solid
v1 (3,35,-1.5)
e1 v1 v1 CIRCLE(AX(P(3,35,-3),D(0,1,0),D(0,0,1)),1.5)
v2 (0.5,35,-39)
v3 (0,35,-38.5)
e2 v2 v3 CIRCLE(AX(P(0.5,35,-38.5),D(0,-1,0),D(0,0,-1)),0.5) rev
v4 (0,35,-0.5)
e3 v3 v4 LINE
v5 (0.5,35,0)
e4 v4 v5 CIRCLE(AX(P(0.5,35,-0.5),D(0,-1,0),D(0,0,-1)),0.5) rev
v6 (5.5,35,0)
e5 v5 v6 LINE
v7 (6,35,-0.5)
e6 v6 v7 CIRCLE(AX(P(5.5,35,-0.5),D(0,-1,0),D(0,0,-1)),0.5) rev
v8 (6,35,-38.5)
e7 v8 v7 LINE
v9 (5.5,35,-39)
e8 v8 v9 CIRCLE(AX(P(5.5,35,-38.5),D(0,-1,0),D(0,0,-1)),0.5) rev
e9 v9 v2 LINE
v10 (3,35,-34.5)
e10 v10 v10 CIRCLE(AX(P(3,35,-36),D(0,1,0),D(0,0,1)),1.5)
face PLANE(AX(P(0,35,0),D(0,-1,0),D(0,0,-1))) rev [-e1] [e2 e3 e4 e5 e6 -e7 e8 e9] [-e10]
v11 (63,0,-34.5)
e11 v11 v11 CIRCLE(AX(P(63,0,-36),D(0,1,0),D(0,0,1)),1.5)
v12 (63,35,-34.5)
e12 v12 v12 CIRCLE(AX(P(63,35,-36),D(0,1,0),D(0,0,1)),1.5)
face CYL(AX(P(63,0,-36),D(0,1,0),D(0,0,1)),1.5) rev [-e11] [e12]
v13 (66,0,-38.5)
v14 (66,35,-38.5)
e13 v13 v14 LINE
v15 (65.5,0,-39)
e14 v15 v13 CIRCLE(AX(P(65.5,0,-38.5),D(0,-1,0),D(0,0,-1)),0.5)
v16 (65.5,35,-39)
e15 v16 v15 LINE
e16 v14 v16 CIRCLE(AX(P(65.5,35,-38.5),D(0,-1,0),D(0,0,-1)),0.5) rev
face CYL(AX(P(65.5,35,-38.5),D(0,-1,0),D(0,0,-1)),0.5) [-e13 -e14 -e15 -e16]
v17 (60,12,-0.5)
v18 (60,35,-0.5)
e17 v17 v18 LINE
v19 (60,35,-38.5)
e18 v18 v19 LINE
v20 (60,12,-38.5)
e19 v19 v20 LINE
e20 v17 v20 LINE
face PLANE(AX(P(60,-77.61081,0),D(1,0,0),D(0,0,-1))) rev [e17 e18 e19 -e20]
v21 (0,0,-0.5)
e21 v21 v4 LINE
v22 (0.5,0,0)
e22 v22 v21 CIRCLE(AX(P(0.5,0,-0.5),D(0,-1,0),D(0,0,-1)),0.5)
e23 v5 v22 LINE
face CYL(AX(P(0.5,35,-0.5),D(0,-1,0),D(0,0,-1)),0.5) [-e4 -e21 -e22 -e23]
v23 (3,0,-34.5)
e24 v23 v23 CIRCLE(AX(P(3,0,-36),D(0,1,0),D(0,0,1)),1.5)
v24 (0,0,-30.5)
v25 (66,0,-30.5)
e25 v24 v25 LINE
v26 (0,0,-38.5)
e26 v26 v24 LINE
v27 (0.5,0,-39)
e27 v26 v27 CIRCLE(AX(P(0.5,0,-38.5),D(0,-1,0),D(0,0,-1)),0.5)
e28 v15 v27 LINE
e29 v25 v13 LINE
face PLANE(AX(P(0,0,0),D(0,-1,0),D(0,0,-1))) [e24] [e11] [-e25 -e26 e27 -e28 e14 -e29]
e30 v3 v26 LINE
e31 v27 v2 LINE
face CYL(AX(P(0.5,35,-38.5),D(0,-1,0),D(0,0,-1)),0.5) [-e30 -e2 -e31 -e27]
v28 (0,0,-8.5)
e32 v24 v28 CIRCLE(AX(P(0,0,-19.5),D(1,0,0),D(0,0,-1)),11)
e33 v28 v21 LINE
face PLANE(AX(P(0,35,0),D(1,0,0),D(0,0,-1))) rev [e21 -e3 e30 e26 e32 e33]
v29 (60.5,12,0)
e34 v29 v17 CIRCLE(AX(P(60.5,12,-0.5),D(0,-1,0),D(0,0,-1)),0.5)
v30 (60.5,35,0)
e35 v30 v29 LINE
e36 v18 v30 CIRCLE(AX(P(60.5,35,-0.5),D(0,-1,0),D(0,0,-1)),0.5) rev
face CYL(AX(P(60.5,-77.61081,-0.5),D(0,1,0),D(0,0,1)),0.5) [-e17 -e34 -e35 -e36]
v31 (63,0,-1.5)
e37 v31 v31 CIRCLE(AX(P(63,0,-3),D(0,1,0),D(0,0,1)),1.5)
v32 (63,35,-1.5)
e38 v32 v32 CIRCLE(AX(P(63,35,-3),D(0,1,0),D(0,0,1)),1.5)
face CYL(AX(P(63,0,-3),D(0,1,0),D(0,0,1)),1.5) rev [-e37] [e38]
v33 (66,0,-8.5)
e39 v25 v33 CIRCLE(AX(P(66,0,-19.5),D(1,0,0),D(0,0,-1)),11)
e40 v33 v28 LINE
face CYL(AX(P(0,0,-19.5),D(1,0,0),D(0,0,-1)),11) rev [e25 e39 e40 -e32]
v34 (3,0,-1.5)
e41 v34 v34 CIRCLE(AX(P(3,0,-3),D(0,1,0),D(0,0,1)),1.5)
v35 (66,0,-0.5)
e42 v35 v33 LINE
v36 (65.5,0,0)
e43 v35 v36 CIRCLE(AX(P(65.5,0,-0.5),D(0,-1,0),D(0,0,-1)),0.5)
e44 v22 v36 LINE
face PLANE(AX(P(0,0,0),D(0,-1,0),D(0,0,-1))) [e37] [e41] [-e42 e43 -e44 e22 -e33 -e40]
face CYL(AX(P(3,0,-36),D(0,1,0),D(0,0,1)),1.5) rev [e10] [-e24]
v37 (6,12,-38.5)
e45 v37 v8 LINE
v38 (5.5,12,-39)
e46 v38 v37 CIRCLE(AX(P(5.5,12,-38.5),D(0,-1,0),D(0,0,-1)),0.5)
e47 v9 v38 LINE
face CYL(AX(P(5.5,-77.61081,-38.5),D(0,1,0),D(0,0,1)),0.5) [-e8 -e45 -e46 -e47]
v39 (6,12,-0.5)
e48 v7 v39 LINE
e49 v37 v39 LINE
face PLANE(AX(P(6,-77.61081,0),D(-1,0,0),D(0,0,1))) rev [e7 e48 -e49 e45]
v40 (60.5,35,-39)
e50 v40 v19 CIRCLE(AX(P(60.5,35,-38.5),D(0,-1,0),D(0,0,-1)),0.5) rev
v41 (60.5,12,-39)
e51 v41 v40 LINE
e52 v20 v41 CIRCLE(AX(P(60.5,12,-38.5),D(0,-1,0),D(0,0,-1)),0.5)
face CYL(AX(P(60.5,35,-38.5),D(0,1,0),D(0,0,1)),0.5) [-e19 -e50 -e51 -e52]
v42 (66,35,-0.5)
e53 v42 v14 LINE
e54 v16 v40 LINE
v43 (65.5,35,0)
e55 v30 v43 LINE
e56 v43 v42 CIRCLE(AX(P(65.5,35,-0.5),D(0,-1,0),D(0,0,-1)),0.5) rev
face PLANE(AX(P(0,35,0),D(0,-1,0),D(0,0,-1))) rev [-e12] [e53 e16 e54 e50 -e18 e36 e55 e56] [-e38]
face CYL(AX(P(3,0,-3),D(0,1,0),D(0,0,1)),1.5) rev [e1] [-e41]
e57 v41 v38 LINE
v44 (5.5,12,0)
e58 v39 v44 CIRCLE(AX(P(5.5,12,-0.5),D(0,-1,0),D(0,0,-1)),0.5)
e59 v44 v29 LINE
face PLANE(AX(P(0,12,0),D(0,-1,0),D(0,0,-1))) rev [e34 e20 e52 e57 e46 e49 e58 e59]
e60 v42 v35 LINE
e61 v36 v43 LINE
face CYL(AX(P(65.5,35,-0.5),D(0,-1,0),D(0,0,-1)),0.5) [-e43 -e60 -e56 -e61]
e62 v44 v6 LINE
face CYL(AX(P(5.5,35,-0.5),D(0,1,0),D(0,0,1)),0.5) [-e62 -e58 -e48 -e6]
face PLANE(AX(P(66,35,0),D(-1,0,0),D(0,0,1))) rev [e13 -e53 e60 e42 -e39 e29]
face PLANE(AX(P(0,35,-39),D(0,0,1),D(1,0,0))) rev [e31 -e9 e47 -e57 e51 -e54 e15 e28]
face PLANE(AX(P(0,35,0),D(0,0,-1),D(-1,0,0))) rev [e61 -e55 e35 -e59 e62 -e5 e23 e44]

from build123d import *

# Parameters (mm, degrees)
SKETCH1_W           = 66
SKETCH1_H           = 39
BOSS_EXTRUDE1_DEPTH = 35
SKETCH3_W           = 54
SKETCH3_H           = 39
CUT_EXTRUDE1_DEPTH  = 23
SKETCH4_R           = 11
CUT_EXTRUDE2_DEPTH  = 85.273364713
SKETCH5_R           = 1.5
CUT_EXTRUDE3_DEPTH  = 85.273364713
FILLET2_R           = 0.5


with BuildPart() as part:
    # Sketch1 → Boss-Extrude1 (new body)
    with BuildSketch(Plane(origin=(0, 0, 0), x_dir=(1, 0, 0), z_dir=(0, 1, 0))):
        with Locations((33, 19.5)):
            Rectangle(SKETCH1_W, SKETCH1_H)
    extrude(amount=BOSS_EXTRUDE1_DEPTH)

    # Sketch3 → Cut-Extrude1 (cut)
    with BuildSketch(Plane(origin=(0, 35, 0), x_dir=(1, 0, 0), z_dir=(0, 1, 0))):
        with Locations((33, 19.5)):
            Rectangle(SKETCH3_W, SKETCH3_H)
    extrude(amount=-CUT_EXTRUDE1_DEPTH, mode=Mode.SUBTRACT)

    # Sketch4 → Cut-Extrude2 (cut, through all)
    with BuildSketch(Plane(origin=(66, 0, 0), x_dir=(0, 0, -1), z_dir=(1, 0, 0))):
        with Locations((19.5, 0)):
            Circle(SKETCH4_R)
    extrude(amount=-CUT_EXTRUDE2_DEPTH, mode=Mode.SUBTRACT)

    # Sketch5 → Cut-Extrude3 (cut, through all)
    with BuildSketch(Plane(origin=(0, 35, 0), x_dir=(1, 0, 0), z_dir=(0, 1, 0))):
        with Locations(Location((3, 3, 0), (0, 0, 270))):
            Circle(SKETCH5_R)
        with Locations(Location((63, 3, 0), (0, 0, 270))):
            Circle(SKETCH5_R)
        with Locations(Location((63, 36, 0), (0, 0, 270))):
            Circle(SKETCH5_R)
        with Locations(Location((3, 36, 0), (0, 0, 270))):
            Circle(SKETCH5_R)
    extrude(amount=-CUT_EXTRUDE3_DEPTH, mode=Mode.SUBTRACT)

    # Fillet2
    fillet2_edges = [part.edges().sort_by_distance(p)[0] for p in [
        (60, 23.5, 0),
        (60, 23.5, -39),
        (6, 23.5, -39),
        (6, 23.5, 0),
        (0, 17.5, -39),
        (66, 17.5, -39),
        (66, 17.5, 0),
        (0, 17.5, 0),
    ]]
    fillet(fillet2_edges, radius=FILLET2_R)


solid = part.part
